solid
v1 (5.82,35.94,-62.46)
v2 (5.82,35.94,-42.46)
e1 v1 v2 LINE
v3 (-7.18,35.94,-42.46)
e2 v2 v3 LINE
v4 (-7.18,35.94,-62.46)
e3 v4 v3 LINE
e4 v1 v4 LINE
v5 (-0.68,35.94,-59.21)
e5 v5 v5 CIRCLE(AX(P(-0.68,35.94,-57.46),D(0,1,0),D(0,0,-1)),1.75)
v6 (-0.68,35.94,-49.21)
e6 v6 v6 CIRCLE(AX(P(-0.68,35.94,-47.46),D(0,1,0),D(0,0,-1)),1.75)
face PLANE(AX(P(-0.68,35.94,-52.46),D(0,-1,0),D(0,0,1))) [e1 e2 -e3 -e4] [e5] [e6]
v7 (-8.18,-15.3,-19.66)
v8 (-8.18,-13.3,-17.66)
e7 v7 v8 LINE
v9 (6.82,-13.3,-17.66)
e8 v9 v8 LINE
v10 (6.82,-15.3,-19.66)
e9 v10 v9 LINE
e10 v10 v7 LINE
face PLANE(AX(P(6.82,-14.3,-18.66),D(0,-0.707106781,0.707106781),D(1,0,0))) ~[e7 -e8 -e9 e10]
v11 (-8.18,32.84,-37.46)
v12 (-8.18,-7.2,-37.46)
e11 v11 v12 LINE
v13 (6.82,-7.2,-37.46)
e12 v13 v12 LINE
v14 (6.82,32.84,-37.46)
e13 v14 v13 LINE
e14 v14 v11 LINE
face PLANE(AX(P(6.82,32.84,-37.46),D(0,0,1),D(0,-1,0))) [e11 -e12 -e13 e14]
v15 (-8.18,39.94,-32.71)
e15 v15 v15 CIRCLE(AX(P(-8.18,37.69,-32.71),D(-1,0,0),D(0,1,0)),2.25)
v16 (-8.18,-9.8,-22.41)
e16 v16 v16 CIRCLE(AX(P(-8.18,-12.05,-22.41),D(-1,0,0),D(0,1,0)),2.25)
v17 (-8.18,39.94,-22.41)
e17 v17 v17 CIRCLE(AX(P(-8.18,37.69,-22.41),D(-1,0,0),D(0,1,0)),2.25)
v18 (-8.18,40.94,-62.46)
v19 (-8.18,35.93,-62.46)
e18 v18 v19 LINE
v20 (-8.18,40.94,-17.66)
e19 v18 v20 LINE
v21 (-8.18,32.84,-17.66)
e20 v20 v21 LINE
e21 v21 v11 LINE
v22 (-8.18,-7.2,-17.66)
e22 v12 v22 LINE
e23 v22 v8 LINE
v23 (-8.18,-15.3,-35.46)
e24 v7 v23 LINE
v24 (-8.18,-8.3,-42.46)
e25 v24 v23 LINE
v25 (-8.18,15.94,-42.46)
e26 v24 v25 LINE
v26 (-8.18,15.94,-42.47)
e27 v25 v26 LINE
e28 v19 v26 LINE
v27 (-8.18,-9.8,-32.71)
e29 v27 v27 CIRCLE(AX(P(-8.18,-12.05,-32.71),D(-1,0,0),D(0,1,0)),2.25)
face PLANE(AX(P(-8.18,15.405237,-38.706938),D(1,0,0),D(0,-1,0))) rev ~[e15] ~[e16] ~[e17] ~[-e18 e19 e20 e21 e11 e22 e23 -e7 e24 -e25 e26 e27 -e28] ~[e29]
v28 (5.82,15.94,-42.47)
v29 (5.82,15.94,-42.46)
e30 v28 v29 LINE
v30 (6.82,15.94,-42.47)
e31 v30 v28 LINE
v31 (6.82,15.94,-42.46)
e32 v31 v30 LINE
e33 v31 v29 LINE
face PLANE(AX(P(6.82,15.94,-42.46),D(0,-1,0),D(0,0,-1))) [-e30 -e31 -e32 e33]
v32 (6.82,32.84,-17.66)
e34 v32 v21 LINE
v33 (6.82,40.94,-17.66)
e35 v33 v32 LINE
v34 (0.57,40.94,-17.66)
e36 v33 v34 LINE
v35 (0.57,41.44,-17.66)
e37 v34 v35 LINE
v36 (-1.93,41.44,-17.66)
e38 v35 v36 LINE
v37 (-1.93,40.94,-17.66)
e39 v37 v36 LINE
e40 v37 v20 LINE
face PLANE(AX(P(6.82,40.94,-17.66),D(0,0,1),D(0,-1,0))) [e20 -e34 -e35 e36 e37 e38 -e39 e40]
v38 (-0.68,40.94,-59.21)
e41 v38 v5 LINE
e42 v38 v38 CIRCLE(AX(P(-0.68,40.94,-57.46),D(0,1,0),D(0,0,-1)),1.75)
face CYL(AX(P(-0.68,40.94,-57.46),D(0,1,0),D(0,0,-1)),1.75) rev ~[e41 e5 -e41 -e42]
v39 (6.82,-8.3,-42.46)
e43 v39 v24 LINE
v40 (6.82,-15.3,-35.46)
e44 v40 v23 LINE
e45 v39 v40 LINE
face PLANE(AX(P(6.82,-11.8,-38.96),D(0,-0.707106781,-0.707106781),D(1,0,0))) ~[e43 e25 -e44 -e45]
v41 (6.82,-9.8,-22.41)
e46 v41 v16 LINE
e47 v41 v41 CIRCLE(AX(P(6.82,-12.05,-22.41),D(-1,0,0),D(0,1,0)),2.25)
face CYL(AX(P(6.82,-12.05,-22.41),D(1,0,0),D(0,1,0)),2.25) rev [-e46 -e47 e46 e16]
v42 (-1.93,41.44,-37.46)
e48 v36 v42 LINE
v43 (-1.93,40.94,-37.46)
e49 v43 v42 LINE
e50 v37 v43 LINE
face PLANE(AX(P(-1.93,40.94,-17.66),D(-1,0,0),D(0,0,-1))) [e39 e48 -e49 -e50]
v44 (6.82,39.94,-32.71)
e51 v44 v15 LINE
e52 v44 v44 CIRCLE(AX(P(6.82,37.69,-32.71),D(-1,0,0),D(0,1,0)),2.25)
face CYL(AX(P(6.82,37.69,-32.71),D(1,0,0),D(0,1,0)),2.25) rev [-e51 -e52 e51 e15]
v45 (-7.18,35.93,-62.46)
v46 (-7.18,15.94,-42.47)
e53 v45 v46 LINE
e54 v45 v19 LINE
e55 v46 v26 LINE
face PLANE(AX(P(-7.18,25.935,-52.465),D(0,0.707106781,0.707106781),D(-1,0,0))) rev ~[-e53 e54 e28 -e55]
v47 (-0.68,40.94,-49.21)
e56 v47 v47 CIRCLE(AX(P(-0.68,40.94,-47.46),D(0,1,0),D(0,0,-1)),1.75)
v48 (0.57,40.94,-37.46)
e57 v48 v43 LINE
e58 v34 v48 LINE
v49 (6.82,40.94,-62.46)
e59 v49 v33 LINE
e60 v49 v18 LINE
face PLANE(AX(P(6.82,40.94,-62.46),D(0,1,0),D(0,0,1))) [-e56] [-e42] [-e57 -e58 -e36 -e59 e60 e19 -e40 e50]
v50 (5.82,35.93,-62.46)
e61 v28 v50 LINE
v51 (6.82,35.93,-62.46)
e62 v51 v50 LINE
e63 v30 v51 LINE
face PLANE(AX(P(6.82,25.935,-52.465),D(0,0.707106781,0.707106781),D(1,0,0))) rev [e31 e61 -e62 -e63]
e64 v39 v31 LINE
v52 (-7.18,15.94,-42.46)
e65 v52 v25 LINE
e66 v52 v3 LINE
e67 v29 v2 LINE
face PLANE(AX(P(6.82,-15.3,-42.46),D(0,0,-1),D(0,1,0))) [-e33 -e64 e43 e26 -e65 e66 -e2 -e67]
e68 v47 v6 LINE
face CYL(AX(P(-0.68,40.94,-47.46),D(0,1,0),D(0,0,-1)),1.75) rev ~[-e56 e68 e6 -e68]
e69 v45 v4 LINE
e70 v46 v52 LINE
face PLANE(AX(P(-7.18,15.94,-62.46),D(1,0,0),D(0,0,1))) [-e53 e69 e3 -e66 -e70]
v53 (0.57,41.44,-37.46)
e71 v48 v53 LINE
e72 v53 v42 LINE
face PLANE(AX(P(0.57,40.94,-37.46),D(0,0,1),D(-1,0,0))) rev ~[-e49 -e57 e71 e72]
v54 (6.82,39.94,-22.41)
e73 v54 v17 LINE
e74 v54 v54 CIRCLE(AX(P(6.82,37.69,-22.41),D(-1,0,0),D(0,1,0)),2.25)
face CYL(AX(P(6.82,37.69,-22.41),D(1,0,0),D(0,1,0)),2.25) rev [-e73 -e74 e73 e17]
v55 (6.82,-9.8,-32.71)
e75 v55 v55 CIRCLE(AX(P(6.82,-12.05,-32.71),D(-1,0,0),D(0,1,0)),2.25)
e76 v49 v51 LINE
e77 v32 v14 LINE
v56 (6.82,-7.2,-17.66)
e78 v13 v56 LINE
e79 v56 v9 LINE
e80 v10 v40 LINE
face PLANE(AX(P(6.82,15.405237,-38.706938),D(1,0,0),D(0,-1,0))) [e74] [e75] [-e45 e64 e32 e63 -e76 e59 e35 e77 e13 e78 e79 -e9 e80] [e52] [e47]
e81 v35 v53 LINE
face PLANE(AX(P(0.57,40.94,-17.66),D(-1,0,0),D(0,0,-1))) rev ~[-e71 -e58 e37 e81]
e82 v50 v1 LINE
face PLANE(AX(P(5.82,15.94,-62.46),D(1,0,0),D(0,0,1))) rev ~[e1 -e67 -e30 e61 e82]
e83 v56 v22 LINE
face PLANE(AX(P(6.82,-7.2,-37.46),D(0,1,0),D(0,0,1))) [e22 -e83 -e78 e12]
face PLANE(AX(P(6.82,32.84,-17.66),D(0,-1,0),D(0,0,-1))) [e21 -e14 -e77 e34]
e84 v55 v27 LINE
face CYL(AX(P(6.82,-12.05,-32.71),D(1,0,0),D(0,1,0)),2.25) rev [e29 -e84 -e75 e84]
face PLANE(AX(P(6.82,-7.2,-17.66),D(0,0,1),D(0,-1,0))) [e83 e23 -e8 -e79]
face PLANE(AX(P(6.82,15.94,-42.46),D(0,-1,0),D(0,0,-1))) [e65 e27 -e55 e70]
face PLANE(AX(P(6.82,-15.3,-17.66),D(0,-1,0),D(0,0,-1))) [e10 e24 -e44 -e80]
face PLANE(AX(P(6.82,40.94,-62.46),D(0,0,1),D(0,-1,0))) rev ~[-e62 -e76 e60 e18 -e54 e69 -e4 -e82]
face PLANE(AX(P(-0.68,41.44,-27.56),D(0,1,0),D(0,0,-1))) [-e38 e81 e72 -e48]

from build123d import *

# Parameters (mm, degrees)
SKETCH019_R             = 2.25
PAD011_DEPTH            = 15
SKETCH020_W             = 20
SKETCH020_H             = 13
POCKET005_DEPTH         = 20
CHAMFER_SIZE            = 19.99
SKETCH021_R             = 1.75
POCKET006_DEPTH         = 5
SKETCH022_W             = 19.8
SKETCH022_H             = 2.5
PAD012_DEPTH            = 0.5
CHAMFER001_SIZE         = 7
CHAMFER002_SIZE         = 2
BODY003_PLACEMENT_ANGLE = 180


with BuildPart() as part:
    # Sketch019 → Pad011 (new body)
    with BuildSketch(Plane.YZ):
        Polygon((-20.02, -9.9), (-28.12, -9.9), (-28.12, 14.9), (3.12, 14.9), (3.12, 34.9), (23.12, 34.9), (28.12, 34.9), (28.12, -9.9), (20.02, -9.9), (20.02, 9.9), (-20.02, 9.9), align=None)
        with Locations((-24.87, -5.15)):
            Circle(SKETCH019_R, mode=Mode.SUBTRACT)
        with Locations((-24.87, 5.15)):
            Circle(SKETCH019_R, mode=Mode.SUBTRACT)
        with Locations((24.87, -5.15)):
            Circle(SKETCH019_R, mode=Mode.SUBTRACT)
        with Locations((24.87, 5.15)):
            Circle(SKETCH019_R, mode=Mode.SUBTRACT)
    extrude(amount=PAD011_DEPTH)

    # Sketch020 (on Face5 of Pad011) → Pocket005 (cut)
    with BuildSketch(Plane(origin=(0, 3.12, 0), x_dir=(0, 0, -1), z_dir=(0, -1, 0))):
        with Locations((-24.9, 7.5)):
            Rectangle(SKETCH020_W, SKETCH020_H)
    extrude(amount=-POCKET005_DEPTH, mode=Mode.SUBTRACT)

    # Chamfer
    chamfer_edges = [part.edges().sort_by_distance(p)[0] for p in [
        (14.5, 3.12, 34.9),
        (0.5, 3.12, 34.9),
    ]]
    chamfer(chamfer_edges, length=CHAMFER_SIZE)

    # Sketch021 (on Face9 of Chamfer) → Pocket006 (cut)
    with BuildSketch(Plane.ZX.offset(28.12)):
        with Locations((19.9, 7.5)):
            Circle(SKETCH021_R)
        with Locations((29.9, 7.5)):
            Circle(SKETCH021_R)
    extrude(amount=-POCKET006_DEPTH, mode=Mode.SUBTRACT)

    # Sketch022 (on Face9 of Pocket006) → Pad012 (join)
    with BuildSketch(Plane.ZX.offset(28.12)):
        with Locations((0, 7.5)):
            Rectangle(SKETCH022_W, SKETCH022_H)
    extrude(amount=PAD012_DEPTH)

    # Chamfer001
    chamfer001_edges = [part.edges().sort_by_distance(p)[0] for p in [
        (7.5, -28.12, 14.9),
    ]]
    chamfer(chamfer001_edges, length=CHAMFER001_SIZE)

    # Chamfer002
    chamfer002_edges = [part.edges().sort_by_distance(p)[0] for p in [
        (7.5, -28.12, -9.9),
    ]]
    chamfer(chamfer002_edges, length=CHAMFER002_SIZE)


with BuildPart() as part_1:
    # Body003 placement: moved
    add(part.part.moved(Location((6.82, 12.82, -27.56))).rotate(Axis((6.82, 12.82, -27.56), (0, 1, 0)), BODY003_PLACEMENT_ANGLE))


solid = part_1.part
